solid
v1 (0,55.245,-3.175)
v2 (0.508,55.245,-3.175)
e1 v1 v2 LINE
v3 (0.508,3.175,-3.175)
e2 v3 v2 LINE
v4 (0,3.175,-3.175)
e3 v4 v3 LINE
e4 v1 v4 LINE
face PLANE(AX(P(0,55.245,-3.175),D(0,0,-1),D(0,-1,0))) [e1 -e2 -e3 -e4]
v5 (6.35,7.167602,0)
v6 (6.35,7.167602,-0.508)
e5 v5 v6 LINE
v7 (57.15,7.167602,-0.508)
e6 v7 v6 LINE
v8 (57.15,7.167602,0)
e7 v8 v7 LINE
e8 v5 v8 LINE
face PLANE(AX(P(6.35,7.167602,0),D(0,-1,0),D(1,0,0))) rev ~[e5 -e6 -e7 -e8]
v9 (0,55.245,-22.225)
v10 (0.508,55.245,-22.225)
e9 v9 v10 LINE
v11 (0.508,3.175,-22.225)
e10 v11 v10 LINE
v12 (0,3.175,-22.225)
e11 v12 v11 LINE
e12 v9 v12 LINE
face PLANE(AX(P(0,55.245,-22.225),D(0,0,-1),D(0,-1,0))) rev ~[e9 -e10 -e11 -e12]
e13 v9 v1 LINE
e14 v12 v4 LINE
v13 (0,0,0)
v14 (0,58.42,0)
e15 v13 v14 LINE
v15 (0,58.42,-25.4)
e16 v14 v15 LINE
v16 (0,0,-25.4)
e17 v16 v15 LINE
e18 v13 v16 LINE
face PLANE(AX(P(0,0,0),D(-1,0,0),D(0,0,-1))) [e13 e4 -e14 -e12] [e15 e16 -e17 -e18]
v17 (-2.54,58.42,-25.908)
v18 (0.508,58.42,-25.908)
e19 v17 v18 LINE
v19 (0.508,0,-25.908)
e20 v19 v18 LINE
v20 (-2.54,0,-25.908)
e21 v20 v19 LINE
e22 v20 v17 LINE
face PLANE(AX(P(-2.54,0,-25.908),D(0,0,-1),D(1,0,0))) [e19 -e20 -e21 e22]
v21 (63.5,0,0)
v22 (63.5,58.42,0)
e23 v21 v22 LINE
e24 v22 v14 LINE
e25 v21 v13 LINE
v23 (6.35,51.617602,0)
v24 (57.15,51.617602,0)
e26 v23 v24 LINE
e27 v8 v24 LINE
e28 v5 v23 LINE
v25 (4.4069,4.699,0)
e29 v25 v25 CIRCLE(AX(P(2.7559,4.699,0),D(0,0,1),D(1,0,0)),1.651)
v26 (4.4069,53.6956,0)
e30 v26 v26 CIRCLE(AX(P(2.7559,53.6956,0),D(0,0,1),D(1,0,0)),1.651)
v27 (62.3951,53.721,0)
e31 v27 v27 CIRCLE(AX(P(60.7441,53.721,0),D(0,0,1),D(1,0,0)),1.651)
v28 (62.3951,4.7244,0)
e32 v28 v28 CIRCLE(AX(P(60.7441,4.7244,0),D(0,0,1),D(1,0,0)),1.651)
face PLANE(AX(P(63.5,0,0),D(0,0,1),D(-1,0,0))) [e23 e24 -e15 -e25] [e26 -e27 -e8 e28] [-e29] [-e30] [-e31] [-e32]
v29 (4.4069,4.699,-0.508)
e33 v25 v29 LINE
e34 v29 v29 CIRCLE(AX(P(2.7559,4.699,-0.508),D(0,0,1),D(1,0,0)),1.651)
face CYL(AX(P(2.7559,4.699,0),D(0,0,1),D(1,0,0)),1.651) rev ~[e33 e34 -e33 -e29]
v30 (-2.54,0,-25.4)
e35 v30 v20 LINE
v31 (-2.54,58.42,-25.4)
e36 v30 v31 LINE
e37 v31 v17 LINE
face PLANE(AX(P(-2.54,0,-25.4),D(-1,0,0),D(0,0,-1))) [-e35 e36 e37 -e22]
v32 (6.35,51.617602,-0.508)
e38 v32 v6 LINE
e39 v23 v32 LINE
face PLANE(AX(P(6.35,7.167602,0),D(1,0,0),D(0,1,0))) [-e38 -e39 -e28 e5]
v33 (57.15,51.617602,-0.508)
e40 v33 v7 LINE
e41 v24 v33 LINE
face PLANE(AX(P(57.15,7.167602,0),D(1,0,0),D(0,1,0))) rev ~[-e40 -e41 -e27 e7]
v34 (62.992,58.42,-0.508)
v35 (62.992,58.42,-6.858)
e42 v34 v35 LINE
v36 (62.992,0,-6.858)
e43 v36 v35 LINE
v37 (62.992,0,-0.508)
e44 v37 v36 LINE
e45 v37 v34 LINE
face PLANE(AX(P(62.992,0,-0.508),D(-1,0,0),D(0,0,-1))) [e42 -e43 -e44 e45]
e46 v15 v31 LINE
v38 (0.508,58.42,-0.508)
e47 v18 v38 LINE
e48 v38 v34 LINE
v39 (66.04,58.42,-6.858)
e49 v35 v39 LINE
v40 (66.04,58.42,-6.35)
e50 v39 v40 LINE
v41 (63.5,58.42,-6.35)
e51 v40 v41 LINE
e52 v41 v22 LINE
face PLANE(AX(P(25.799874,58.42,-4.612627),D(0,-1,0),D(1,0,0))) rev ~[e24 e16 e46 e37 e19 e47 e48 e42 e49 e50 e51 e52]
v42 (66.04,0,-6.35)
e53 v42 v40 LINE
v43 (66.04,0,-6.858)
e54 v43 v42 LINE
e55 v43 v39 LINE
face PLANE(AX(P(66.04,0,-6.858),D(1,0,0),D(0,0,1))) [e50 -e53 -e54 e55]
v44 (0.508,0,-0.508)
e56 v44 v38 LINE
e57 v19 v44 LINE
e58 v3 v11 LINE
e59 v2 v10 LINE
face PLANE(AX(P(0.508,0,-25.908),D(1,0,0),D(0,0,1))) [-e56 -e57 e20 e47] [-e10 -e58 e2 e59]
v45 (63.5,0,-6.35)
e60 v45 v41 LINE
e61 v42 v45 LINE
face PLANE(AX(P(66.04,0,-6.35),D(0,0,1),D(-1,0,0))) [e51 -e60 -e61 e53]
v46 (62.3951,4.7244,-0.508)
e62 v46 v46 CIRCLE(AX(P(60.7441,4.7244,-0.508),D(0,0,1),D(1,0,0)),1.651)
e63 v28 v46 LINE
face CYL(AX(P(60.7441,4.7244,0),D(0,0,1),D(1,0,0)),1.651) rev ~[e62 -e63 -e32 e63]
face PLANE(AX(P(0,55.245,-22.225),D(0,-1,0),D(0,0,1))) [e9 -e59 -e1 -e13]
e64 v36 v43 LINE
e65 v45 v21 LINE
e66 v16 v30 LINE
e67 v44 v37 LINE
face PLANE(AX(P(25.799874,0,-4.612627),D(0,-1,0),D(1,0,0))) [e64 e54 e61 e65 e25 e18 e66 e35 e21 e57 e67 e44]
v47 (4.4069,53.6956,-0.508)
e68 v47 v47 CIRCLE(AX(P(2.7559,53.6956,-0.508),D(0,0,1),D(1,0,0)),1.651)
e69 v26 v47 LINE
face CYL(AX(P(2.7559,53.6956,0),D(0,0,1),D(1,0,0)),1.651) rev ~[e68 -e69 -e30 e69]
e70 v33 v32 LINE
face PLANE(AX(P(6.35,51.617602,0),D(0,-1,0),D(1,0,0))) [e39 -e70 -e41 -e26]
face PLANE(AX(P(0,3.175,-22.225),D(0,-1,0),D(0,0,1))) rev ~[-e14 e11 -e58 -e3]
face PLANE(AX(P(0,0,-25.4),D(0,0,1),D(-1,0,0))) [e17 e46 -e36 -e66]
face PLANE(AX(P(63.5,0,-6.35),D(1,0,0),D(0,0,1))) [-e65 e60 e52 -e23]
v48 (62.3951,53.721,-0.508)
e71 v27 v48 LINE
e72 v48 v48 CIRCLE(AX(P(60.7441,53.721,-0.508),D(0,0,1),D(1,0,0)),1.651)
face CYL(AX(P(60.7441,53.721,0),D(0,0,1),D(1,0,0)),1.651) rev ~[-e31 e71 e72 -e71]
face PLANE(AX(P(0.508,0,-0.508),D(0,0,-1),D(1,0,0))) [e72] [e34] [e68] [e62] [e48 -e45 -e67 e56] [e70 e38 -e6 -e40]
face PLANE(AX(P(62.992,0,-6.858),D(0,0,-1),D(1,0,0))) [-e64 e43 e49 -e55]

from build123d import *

# Parameters (mm, degrees)
F1_DEPTH = 58.42
F2_R     = 1.651
F3_DEPTH = 25.4
F4_W     = 50.8
F4_H     = 44.45
F5_DEPTH = 25.909
F6_W     = 52.07
F6_H     = 19.05
F7_DEPTH = 25.4


with BuildPart() as f1:
    # F0 (on Front) → F1 (new body)
    with BuildSketch(Plane.XZ):
        Polygon((63.5, 0), (0, 0), (0, -25.4), (-2.54, -25.4), (-2.54, -25.908), (0.508, -25.908), (0.508, -0.508), (62.992, -0.508), (62.992, -6.858), (66.04, -6.858), (66.04, -6.35), (63.5, -6.35), align=None)
    extrude(amount=-F1_DEPTH)

    # F2 (on face) → F3 (cut)
    with BuildSketch(Plane.XY):
        with Locations((2.7559, 53.6956)):
            Circle(F2_R)
        with Locations((2.7559, 4.699)):
            Circle(F2_R)
        with Locations((60.7441, 53.721)):
            Circle(F2_R)
        with Locations((60.7441, 4.7244)):
            Circle(F2_R)
    extrude(amount=-F3_DEPTH, mode=Mode.SUBTRACT)

    # F4 (on face) → F5 (cut, through all)
    with BuildSketch(Plane.XY):
        with Locations((31.75, 29.392602)):
            Rectangle(F4_W, F4_H)
    extrude(amount=-F5_DEPTH, mode=Mode.SUBTRACT)

    # F6 (on face) → F7 (cut)
    with BuildSketch(Plane(origin=(0, 0, 0), x_dir=(0, -1, 0), z_dir=(-1, 0, 0))):
        with Locations((-29.21, -12.7)):
            Rectangle(F6_W, F6_H)
    extrude(amount=-F7_DEPTH, mode=Mode.SUBTRACT)


solid = f1.part
